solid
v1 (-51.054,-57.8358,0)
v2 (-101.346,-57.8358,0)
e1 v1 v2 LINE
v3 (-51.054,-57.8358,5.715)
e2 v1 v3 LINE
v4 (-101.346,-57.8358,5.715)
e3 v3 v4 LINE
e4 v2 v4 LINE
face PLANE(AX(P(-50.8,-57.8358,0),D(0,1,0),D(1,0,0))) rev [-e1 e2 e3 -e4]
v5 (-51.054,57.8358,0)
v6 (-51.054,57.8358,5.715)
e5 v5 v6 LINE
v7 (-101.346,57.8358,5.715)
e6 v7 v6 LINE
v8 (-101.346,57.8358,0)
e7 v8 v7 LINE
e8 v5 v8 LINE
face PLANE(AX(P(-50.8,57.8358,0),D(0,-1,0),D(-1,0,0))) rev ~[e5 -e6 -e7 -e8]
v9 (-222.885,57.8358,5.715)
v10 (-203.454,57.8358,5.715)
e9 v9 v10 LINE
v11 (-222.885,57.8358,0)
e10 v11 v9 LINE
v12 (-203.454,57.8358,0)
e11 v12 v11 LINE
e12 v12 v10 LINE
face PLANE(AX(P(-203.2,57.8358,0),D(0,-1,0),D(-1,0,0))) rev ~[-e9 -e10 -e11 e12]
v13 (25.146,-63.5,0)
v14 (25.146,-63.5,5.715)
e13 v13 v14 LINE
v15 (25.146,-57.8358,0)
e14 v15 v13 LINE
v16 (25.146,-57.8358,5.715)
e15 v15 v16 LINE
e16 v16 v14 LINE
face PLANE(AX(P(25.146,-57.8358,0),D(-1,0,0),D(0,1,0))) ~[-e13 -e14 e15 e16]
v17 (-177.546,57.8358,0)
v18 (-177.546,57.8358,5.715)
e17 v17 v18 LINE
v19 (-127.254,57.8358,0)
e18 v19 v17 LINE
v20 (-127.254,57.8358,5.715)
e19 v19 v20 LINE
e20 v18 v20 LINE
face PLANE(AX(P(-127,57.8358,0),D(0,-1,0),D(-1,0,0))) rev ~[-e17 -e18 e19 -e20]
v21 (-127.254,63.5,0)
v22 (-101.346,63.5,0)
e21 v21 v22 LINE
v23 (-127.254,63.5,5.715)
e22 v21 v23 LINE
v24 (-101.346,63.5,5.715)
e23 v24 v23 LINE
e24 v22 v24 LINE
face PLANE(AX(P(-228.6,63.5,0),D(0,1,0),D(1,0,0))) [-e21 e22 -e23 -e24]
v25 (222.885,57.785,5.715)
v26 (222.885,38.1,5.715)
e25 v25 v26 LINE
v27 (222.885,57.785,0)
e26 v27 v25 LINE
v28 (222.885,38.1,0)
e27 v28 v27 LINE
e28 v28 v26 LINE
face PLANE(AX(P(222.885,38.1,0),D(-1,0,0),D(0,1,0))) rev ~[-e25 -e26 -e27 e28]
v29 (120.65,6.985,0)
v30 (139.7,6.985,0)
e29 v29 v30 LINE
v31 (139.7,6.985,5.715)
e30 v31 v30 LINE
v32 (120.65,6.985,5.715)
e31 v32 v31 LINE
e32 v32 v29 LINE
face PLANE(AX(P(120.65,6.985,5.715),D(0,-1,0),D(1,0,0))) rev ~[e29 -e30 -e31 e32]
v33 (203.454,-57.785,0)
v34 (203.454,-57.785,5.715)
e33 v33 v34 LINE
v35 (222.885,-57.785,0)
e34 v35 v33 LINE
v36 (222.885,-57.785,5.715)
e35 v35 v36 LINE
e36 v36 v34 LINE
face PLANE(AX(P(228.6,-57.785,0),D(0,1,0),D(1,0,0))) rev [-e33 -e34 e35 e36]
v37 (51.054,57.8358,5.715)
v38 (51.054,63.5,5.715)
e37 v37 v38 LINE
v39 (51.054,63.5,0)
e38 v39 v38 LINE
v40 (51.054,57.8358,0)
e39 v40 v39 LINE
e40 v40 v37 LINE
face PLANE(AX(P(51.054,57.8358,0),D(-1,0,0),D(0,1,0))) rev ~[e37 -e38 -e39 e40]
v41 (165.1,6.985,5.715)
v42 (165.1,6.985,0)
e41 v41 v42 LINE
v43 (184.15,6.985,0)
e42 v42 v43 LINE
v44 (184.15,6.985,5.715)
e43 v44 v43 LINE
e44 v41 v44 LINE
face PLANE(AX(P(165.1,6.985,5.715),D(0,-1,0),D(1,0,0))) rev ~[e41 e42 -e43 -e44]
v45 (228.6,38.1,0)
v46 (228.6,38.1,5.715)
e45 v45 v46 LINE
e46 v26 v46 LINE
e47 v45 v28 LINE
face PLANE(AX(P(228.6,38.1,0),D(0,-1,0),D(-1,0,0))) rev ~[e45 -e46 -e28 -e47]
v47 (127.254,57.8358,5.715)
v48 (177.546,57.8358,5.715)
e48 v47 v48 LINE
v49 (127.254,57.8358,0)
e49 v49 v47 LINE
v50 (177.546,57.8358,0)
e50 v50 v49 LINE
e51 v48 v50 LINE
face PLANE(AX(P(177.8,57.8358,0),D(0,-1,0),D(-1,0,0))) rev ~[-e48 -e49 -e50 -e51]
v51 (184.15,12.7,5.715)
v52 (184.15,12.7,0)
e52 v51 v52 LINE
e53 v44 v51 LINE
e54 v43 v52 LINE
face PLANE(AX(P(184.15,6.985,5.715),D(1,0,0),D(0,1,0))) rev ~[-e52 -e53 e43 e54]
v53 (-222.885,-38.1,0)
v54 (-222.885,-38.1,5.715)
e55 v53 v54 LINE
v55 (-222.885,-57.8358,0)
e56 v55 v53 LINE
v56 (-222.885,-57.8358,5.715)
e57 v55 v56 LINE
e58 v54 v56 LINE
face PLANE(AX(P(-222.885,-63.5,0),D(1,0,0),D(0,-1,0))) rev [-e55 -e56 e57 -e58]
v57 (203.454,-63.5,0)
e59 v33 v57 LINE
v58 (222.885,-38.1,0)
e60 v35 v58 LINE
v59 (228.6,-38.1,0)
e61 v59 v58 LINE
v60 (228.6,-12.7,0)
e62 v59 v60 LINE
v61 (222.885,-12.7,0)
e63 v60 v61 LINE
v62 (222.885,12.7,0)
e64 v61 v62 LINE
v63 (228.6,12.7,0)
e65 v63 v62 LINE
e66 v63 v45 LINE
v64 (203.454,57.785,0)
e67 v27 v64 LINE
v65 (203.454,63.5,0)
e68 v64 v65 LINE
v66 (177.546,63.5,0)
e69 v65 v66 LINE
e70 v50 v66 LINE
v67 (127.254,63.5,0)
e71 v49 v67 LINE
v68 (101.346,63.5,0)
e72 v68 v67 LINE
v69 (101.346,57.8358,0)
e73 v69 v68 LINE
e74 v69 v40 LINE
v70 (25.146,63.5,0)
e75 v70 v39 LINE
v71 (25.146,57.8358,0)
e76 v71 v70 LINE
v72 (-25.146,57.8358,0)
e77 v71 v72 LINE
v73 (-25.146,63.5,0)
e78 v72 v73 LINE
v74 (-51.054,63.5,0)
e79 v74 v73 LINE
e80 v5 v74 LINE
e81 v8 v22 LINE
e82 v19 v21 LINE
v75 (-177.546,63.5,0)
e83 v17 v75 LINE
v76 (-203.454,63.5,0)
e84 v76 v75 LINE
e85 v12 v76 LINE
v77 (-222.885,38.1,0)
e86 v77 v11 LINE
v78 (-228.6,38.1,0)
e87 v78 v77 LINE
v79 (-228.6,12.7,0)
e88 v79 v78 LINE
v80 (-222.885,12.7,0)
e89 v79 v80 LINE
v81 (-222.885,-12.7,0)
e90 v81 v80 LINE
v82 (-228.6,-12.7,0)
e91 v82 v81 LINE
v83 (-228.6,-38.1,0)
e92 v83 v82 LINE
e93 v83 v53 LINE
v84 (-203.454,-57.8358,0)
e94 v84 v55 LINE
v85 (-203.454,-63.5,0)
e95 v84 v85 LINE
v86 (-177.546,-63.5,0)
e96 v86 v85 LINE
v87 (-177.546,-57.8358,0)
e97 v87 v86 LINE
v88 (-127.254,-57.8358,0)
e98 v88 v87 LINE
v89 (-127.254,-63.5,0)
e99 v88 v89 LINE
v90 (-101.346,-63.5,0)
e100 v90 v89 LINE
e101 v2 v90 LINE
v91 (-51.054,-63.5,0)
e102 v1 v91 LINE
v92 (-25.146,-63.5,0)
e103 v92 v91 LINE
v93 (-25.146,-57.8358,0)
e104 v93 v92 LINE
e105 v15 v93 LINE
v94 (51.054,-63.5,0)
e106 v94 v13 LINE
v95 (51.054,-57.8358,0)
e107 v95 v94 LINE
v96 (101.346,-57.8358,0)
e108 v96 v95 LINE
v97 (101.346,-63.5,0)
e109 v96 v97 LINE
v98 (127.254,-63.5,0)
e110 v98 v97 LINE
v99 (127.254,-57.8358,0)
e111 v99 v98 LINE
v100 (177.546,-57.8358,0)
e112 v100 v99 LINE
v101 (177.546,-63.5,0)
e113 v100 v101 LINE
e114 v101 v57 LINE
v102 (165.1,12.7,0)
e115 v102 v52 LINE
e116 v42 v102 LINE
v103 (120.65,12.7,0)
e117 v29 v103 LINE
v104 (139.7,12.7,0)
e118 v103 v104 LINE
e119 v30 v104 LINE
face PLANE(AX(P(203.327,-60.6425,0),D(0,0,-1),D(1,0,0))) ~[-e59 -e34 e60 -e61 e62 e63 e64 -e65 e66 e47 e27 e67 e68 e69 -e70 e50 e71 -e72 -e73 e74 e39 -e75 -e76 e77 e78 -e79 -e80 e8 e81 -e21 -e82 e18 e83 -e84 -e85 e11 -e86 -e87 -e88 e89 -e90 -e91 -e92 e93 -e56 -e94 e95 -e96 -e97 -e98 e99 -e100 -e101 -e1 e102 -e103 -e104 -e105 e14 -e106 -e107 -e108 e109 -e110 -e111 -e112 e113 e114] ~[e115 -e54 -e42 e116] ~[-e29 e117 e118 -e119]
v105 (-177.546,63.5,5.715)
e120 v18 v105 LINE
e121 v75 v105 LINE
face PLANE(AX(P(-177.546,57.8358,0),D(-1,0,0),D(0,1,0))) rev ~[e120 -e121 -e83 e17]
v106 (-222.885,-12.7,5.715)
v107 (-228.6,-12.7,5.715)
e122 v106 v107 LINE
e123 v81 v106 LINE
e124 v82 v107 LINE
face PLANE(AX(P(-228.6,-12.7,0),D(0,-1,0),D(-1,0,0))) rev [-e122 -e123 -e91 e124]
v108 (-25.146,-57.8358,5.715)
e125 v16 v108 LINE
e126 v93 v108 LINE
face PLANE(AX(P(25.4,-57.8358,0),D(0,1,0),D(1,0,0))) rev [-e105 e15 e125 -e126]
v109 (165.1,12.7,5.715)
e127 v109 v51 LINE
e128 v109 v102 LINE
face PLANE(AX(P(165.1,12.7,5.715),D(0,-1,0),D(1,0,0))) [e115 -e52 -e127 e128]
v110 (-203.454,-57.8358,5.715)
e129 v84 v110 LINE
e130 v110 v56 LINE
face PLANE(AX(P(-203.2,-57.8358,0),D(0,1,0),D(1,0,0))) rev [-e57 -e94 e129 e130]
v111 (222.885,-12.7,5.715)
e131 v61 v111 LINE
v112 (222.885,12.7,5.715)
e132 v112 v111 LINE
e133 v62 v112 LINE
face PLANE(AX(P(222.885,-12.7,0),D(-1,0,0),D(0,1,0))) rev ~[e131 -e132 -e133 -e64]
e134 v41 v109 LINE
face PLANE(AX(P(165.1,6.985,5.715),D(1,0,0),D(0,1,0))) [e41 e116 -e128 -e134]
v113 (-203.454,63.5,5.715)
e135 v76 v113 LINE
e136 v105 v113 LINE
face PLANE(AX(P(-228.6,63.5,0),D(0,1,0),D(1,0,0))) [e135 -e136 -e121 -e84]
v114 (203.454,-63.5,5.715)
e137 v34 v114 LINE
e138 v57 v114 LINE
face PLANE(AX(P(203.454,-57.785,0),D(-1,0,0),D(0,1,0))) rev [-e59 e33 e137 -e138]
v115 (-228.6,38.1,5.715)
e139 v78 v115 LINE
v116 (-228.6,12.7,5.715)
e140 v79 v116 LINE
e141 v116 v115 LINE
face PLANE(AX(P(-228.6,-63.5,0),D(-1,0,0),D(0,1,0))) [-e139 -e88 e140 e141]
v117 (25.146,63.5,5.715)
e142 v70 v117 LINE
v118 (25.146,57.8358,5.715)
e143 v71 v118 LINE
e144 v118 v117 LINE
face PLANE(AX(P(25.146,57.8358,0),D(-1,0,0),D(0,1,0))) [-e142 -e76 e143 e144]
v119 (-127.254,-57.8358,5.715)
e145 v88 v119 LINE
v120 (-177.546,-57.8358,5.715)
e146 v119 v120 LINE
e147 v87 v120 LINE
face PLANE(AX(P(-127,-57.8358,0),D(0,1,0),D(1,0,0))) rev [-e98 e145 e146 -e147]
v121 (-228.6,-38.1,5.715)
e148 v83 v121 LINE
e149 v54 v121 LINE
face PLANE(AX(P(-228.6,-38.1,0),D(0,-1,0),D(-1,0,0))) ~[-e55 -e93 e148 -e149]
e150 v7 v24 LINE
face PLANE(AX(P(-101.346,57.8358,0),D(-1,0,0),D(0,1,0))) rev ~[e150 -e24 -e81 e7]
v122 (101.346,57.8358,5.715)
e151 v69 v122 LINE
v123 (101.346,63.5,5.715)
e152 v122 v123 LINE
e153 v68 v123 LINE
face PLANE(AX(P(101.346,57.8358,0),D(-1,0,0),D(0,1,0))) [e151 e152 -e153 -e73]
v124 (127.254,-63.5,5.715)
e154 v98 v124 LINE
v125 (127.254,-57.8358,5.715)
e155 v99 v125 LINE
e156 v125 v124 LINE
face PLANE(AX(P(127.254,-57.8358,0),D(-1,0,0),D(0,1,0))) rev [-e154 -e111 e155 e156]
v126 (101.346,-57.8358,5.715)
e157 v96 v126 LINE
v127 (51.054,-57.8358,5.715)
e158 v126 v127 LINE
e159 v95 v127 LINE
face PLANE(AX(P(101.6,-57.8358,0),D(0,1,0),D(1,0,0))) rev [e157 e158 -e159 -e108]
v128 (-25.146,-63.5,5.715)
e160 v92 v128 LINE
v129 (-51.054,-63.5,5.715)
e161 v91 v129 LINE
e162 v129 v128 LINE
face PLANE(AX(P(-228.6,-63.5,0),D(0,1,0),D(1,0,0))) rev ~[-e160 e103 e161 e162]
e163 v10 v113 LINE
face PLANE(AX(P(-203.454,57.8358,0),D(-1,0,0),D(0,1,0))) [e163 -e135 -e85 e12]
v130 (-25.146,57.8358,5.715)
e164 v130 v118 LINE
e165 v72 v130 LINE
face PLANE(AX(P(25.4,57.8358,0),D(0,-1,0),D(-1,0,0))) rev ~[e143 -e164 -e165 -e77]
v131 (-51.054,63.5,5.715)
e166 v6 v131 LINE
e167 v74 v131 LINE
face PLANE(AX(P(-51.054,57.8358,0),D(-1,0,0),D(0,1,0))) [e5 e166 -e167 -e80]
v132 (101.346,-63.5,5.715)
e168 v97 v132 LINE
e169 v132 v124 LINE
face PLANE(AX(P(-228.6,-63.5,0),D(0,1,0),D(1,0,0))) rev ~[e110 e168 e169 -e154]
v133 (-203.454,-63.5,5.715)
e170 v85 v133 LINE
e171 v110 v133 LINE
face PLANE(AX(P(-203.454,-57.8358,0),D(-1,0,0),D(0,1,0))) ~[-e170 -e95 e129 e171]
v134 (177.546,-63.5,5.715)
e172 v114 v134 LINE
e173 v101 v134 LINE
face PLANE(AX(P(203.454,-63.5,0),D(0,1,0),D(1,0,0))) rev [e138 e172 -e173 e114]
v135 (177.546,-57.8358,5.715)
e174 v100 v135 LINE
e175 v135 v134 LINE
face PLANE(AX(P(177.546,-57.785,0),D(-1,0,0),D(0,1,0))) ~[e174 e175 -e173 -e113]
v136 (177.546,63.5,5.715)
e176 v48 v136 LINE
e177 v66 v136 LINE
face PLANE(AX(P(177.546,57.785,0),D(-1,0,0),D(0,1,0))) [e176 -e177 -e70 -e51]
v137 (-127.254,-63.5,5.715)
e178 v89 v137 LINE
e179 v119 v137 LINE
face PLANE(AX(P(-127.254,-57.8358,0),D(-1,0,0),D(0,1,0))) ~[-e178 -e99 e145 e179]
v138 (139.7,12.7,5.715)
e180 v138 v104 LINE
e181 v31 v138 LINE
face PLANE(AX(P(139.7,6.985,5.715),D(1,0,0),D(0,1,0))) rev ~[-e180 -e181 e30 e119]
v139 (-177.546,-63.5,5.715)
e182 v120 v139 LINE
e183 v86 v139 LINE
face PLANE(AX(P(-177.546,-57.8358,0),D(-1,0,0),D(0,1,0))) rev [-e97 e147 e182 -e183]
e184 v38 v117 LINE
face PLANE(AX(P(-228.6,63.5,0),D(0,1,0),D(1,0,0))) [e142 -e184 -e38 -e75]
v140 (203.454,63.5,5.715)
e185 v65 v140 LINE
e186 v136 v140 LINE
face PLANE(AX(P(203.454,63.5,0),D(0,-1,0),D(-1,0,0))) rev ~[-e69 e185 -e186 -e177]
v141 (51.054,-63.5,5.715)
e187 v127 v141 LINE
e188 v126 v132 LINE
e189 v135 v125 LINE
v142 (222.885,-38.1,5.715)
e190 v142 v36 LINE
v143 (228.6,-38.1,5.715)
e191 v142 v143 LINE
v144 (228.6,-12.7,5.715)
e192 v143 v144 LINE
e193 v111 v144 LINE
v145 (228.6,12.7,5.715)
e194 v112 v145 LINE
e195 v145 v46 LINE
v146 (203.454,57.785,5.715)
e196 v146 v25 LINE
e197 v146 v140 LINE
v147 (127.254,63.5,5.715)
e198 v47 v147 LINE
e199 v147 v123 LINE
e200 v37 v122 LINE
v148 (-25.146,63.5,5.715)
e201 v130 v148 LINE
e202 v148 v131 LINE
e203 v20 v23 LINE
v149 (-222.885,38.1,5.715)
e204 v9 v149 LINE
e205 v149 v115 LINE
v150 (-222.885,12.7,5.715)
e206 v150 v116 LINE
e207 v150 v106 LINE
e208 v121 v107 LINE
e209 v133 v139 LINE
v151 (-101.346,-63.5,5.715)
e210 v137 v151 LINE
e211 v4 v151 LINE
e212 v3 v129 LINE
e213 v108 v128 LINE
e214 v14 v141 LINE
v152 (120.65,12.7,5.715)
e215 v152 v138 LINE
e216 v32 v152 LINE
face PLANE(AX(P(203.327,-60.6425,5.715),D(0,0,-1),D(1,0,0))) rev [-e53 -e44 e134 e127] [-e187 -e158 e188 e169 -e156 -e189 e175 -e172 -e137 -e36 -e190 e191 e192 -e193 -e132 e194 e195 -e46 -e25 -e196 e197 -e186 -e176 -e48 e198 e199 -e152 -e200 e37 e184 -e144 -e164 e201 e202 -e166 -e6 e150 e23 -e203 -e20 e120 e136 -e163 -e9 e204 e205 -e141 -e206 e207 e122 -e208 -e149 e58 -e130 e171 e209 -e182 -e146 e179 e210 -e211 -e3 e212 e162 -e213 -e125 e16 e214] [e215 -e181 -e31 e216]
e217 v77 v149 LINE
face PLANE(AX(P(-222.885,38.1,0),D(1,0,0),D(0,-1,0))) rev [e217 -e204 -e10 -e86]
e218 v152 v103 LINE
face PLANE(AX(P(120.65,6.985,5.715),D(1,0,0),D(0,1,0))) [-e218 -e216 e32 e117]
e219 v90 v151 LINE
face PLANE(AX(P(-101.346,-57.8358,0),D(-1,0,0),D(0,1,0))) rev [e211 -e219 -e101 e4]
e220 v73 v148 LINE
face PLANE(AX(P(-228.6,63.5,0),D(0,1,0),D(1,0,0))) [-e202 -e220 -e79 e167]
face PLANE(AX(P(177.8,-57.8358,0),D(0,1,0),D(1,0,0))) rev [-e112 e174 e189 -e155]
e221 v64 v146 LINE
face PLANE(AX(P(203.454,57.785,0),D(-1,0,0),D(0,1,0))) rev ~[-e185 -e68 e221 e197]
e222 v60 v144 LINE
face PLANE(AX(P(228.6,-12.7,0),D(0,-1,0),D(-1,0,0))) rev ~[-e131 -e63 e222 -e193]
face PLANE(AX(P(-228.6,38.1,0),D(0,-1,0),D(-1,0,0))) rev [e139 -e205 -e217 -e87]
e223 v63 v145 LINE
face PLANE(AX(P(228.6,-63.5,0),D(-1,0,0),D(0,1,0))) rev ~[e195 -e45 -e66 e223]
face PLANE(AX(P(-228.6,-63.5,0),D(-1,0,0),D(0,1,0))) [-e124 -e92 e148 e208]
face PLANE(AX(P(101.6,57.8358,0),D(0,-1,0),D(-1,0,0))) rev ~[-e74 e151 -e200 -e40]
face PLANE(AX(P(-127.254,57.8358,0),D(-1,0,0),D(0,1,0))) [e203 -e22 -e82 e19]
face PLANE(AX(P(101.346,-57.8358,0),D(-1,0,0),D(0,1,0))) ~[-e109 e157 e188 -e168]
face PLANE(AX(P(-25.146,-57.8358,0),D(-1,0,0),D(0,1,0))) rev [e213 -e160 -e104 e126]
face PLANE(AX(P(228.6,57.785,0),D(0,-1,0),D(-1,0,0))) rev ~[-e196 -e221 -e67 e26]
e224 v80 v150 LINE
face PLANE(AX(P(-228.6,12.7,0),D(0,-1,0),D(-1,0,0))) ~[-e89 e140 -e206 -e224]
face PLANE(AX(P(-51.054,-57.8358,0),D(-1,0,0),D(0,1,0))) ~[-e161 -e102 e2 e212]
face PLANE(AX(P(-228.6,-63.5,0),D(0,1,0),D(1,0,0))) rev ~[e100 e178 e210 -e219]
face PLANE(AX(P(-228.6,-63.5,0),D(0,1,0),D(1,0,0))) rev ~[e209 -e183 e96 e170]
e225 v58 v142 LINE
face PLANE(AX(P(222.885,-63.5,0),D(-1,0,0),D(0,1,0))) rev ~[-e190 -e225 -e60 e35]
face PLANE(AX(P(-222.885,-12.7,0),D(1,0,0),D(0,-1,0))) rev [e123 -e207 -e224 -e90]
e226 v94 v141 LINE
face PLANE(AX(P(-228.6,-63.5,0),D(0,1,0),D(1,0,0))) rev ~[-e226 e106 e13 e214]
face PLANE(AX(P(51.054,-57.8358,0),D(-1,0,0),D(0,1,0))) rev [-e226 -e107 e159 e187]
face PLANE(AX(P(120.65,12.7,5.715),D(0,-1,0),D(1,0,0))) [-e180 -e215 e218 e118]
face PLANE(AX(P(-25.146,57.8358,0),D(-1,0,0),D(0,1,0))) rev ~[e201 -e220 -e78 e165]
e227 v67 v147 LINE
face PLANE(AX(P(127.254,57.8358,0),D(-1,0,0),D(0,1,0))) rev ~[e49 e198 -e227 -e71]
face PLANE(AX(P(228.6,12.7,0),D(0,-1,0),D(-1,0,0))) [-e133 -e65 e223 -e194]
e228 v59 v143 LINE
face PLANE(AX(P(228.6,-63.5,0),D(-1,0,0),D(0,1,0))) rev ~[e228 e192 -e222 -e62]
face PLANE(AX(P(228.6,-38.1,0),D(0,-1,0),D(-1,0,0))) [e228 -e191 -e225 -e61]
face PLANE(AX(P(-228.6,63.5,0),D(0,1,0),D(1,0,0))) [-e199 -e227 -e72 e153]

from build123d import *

# Parameters (mm, degrees)
SKETCH1_W             = 457.2
SKETCH1_H             = 127
BOSS_EXTRUDE1_DEPTH   = 5.715
SKETCH2_W             = 19.05
SKETCH2_H             = 5.715
LED_MOUNT_HOLES_DEPTH = 6.715
SKETCH4_W             = 5.715
SKETCH4_H             = 25.4
CUT_EXTRUDE2_DEPTH    = 6.715
SKETCH5_W             = 50.8
SKETCH5_H             = 5.6642
SKETCH5_W_2           = 25.4
SKETCH5_H_2           = 5.715
CUT_EXTRUDE3_DEPTH    = 6.715
SKETCH6_W             = 0.254
SKETCH6_H             = 5.715
SKETCH6_H_2           = 5.6642
BOSS_EXTRUDE2_DEPTH   = 5.715


with BuildPart() as part:
    # Sketch1 → Boss-Extrude1 (new body)
    with BuildSketch(Plane.XY):
        Rectangle(SKETCH1_W, SKETCH1_H)
    extrude(amount=BOSS_EXTRUDE1_DEPTH)

    # Sketch2 → LED Mount Holes (cut, through all)
    with BuildSketch(Plane.XY.offset(5.715)):
        with Locations((174.625, 9.8425)):
            Rectangle(SKETCH2_W, SKETCH2_H)
        with Locations((130.175, 9.8425)):
            Rectangle(SKETCH2_W, SKETCH2_H)
    extrude(amount=-LED_MOUNT_HOLES_DEPTH, mode=Mode.SUBTRACT)

    # Sketch4 → Cut-Extrude2 (cut, through all)
    with BuildSketch(Plane(origin=(0, 0, 0), x_dir=(-1, 0, 0), z_dir=(0, 0, -1))):
        with Locations((-225.7425, 50.8)):
            Rectangle(SKETCH4_W, SKETCH4_H)
        with Locations((-225.7425, 0)):
            Rectangle(SKETCH4_W, SKETCH4_H)
        with Locations((-225.7425, -50.8)):
            Rectangle(SKETCH4_W, SKETCH4_H)
    cut_extrude2 = extrude(amount=-CUT_EXTRUDE2_DEPTH, mode=Mode.SUBTRACT)

    # Mirror1: Cut-Extrude2 across plane
    add(cut_extrude2.mirror(Plane(origin=(0, 0, 0), x_dir=(0, 0, 1), z_dir=(1, 0, 0))), mode=Mode.SUBTRACT)

    # Sketch5 → Cut-Extrude3 (cut, through all)
    with BuildSketch(Plane(origin=(0, 0, 0), x_dir=(-1, 0, 0), z_dir=(0, 0, -1))):
        with Locations((-152.4, 60.6679)):
            Rectangle(SKETCH5_W, SKETCH5_H)
        with Locations((-76.2, 60.6679)):
            Rectangle(SKETCH5_W, SKETCH5_H)
        with Locations((0, 60.6679)):
            Rectangle(SKETCH5_W, SKETCH5_H)
        with Locations((76.2, 60.6679)):
            Rectangle(SKETCH5_W, SKETCH5_H)
        with Locations((152.4, 60.6679)):
            Rectangle(SKETCH5_W, SKETCH5_H)
        with Locations((228.6, 60.6679)):
            Rectangle(SKETCH5_W, SKETCH5_H)
        with Locations((-215.9, 60.6425)):
            Rectangle(SKETCH5_W_2, SKETCH5_H_2)
    cut_extrude3 = extrude(amount=-CUT_EXTRUDE3_DEPTH, mode=Mode.SUBTRACT)

    # Sketch6 → Boss-Extrude2 (add)
    with BuildSketch(Plane(origin=(0, 0, 0), x_dir=(-1, 0, 0), z_dir=(0, 0, -1))):
        with Locations((-203.327, 60.6425)):
            Rectangle(SKETCH6_W, SKETCH6_H)
        with Locations((-177.673, 60.6425)):
            Rectangle(SKETCH6_W, SKETCH6_H)
        with Locations((-127.127, 60.6679)):
            Rectangle(SKETCH6_W, SKETCH6_H_2)
        with Locations((-101.473, 60.6679)):
            Rectangle(SKETCH6_W, SKETCH6_H_2)
        with Locations((-50.927, 60.6679)):
            Rectangle(SKETCH6_W, SKETCH6_H_2)
        with Locations((-25.273, 60.6679)):
            Rectangle(SKETCH6_W, SKETCH6_H_2)
        with Locations((25.273, 60.6679)):
            Rectangle(SKETCH6_W, SKETCH6_H_2)
        with Locations((50.927, 60.6679)):
            Rectangle(SKETCH6_W, SKETCH6_H_2)
        with Locations((101.473, 60.6679)):
            Rectangle(SKETCH6_W, SKETCH6_H_2)
        with Locations((127.127, 60.6679)):
            Rectangle(SKETCH6_W, SKETCH6_H_2)
        with Locations((177.673, 60.6679)):
            Rectangle(SKETCH6_W, SKETCH6_H_2)
        with Locations((203.327, 60.6679)):
            Rectangle(SKETCH6_W, SKETCH6_H_2)
    boss_extrude2 = extrude(amount=-BOSS_EXTRUDE2_DEPTH)

    # Mirror2: Cut-Extrude3, Boss-Extrude2 across plane
    add(cut_extrude3.mirror(Plane.ZX), mode=Mode.SUBTRACT)
    add(boss_extrude2.mirror(Plane.ZX))


solid = part.part
